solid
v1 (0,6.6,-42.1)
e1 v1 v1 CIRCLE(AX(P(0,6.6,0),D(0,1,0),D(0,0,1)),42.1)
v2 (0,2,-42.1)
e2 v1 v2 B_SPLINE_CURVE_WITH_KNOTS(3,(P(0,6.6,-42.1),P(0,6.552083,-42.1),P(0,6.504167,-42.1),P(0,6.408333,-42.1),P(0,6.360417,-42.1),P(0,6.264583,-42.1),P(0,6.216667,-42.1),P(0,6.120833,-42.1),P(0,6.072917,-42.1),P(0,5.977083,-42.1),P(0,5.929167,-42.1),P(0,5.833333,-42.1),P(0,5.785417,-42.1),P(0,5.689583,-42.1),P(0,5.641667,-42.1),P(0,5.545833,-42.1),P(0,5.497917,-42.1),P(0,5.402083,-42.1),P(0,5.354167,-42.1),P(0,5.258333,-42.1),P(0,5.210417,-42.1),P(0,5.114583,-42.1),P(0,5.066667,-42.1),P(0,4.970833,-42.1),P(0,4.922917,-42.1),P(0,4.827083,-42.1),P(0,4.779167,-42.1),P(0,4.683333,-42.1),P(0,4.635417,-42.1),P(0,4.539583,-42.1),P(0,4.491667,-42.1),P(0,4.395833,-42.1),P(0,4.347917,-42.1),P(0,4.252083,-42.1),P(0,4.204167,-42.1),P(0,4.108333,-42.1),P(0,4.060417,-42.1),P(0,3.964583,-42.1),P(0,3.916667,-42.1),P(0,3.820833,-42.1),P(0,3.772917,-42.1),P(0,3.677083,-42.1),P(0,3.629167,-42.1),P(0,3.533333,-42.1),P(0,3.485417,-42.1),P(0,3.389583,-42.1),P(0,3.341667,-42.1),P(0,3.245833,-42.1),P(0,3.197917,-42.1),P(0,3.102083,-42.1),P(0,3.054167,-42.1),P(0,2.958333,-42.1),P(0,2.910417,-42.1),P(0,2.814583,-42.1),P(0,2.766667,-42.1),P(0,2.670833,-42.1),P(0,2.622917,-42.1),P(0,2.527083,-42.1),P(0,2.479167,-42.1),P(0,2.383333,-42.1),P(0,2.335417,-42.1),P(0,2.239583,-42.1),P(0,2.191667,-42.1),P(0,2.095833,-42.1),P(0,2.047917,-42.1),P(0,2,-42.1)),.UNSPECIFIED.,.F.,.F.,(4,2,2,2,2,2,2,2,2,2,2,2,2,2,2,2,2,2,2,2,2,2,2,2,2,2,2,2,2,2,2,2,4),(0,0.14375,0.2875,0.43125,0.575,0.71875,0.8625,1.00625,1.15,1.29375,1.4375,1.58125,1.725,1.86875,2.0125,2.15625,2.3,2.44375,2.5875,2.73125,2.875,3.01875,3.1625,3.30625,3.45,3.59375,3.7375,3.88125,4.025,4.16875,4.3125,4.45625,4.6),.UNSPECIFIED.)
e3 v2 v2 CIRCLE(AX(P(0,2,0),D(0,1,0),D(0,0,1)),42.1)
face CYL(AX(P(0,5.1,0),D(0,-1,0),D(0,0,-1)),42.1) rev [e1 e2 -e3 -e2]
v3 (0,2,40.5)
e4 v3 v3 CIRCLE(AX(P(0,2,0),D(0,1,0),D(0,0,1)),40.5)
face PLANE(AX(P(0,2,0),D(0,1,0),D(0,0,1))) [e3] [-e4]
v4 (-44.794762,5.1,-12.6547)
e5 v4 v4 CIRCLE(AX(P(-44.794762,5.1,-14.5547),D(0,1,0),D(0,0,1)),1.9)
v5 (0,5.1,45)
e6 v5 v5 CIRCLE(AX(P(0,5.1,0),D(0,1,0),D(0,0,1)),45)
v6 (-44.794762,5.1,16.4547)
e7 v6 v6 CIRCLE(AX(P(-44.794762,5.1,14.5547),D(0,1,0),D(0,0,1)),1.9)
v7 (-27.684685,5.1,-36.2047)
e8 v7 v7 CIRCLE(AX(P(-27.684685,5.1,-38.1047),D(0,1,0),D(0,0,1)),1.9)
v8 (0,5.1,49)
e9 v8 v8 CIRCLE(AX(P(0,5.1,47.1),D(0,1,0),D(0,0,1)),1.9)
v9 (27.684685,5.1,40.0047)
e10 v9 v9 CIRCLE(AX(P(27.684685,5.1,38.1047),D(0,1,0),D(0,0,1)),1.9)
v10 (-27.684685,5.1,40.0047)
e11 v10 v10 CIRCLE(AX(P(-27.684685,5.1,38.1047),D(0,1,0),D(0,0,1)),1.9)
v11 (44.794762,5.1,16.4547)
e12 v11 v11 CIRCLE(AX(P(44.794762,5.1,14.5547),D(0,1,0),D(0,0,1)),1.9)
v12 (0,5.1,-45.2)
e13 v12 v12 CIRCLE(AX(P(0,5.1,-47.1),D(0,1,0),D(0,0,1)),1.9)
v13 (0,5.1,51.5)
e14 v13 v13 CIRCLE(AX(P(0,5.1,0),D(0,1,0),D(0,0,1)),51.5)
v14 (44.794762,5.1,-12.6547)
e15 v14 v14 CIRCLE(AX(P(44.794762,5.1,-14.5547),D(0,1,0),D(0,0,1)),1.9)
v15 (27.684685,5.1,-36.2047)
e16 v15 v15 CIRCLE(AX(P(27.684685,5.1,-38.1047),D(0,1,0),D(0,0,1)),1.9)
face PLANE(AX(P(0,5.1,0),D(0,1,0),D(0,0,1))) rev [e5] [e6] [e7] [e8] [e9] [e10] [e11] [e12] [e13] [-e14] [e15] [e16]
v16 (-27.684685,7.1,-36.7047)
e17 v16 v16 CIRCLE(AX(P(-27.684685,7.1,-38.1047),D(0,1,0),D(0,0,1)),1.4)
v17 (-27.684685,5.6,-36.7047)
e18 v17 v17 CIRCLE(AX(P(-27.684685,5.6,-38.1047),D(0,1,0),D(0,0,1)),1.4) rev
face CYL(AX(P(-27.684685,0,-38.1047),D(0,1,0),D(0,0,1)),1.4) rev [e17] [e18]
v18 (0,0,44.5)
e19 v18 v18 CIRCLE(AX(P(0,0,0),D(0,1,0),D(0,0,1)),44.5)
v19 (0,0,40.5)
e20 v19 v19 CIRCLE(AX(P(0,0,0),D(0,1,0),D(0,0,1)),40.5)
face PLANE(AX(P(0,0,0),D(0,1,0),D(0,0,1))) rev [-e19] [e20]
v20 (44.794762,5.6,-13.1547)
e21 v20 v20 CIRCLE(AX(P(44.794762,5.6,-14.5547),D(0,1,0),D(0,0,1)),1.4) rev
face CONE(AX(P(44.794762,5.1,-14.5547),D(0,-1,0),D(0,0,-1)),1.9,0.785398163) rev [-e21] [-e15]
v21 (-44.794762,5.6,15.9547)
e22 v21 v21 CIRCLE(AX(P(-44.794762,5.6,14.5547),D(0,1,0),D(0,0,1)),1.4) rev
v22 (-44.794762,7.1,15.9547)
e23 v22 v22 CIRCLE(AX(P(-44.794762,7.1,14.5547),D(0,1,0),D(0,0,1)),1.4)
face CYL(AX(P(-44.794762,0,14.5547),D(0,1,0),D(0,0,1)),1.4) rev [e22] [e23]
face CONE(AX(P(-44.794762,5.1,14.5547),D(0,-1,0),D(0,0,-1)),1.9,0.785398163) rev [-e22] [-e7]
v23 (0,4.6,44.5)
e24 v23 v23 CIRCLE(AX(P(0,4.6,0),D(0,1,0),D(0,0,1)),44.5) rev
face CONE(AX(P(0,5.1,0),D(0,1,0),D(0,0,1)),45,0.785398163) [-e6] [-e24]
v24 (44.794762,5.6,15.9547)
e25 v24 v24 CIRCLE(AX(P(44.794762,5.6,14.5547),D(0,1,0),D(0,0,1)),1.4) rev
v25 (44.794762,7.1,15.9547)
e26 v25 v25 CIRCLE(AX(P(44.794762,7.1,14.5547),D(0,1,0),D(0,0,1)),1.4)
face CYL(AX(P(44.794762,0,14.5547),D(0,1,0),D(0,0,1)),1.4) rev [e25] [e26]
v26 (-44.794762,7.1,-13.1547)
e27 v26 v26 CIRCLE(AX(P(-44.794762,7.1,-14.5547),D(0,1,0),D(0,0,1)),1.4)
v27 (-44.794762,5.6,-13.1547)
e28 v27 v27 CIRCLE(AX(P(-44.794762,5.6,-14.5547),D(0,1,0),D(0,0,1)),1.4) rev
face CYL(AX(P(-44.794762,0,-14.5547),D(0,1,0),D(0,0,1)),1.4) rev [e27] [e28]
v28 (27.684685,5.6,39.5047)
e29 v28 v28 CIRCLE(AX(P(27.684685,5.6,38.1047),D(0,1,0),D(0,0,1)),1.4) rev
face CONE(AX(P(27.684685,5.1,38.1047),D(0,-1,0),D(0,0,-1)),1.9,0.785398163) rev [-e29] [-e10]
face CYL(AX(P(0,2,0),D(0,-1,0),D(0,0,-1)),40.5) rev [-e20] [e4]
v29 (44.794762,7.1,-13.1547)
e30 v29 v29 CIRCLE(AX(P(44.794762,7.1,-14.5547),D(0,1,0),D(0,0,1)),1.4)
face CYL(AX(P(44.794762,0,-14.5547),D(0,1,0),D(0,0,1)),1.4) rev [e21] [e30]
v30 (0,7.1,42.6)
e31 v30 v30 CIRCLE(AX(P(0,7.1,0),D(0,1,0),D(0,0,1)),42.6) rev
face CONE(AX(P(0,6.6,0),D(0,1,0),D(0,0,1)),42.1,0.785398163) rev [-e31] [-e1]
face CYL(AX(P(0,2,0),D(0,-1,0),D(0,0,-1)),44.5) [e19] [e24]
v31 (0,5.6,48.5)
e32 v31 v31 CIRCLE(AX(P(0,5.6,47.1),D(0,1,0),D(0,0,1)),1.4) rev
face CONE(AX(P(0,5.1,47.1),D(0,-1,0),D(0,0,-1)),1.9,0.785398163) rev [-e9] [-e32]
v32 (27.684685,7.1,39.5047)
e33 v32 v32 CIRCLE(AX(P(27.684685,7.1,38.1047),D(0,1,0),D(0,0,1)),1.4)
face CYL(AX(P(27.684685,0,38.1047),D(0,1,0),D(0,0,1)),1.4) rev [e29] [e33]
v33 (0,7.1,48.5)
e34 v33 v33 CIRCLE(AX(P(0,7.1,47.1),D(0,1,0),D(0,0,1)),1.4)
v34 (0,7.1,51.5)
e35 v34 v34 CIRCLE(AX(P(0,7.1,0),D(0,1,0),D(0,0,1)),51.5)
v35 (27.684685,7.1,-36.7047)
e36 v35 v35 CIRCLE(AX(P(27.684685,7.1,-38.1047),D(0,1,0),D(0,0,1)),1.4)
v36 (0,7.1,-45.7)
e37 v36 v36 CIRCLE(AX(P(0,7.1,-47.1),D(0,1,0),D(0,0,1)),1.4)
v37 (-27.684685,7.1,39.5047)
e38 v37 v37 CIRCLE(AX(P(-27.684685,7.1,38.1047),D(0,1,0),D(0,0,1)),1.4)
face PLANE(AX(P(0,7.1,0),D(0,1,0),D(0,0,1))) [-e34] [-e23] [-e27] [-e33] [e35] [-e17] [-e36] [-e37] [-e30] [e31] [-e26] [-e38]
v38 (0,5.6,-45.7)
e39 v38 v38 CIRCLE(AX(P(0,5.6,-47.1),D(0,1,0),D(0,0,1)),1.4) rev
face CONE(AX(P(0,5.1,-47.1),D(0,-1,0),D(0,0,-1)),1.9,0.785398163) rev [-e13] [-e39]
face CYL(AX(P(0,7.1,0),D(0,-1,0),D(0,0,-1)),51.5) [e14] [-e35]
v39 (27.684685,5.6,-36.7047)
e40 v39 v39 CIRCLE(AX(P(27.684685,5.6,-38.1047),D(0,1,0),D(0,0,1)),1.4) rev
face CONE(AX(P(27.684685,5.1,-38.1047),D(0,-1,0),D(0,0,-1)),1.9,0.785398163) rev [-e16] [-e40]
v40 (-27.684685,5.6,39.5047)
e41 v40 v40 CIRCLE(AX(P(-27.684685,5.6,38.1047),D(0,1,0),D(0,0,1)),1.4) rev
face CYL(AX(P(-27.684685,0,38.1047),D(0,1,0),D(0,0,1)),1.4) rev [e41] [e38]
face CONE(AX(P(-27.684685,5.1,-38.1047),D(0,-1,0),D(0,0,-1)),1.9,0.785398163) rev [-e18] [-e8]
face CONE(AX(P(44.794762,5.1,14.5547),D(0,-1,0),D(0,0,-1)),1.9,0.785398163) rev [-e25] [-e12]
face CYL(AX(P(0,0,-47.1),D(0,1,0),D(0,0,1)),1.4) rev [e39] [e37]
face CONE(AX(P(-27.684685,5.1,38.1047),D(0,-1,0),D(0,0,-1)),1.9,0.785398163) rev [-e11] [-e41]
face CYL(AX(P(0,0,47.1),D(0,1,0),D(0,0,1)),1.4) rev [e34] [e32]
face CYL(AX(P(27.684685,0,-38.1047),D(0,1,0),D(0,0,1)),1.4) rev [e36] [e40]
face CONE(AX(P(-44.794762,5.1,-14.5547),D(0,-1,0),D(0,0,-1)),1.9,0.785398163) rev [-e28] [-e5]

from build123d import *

# Parameters (mm, degrees)
SKETCH_1_R          = 44.5
SKETCH_1_R_2        = 40.5
EXTRUDE_1_DEPTH     = 2
SKETCH_2_R          = 44.5
SKETCH_2_R_2        = 42.1
EXTRUDE_2_DEPTH     = 3.1
SKETCH_3_R          = 51.5
SKETCH_3_R_2        = 42.1
EXTRUDE_3_DEPTH     = 2
SKETCH_6_R          = 1.4
CUT_EXTRUDE_3_DEPTH = 74.177250563
CHAMFER_1_SIZE      = 0.5
CHAMFER_2_SIZE      = 0.5


with BuildPart() as part:
    # 스케치1 → 보스-돌출1 (new body)
    with BuildSketch(Plane(origin=(0, 0, 0), x_dir=(1, 0, 0), z_dir=(0, 1, 0))):
        with Locations(Location((0, 0, 0), (0, 0, 270))):
            Circle(SKETCH_1_R)
        with Locations(Location((0, 0, 0), (0, 0, 270))):
            Circle(SKETCH_1_R_2, mode=Mode.SUBTRACT)
    extrude(amount=EXTRUDE_1_DEPTH)

    # 스케치2 → 보스-돌출2 (add)
    with BuildSketch(Plane(origin=(0, 2, 0), x_dir=(1, 0, 0), z_dir=(0, 1, 0))):
        with Locations(Location((0, 0, 0), (0, 0, 270))):
            Circle(SKETCH_2_R)
        with Locations(Location((0, 0, 0), (0, 0, 90))):
            Circle(SKETCH_2_R_2, mode=Mode.SUBTRACT)
    extrude(amount=EXTRUDE_2_DEPTH)

    # 스케치3 → 보스-돌출3 (add)
    with BuildSketch(Plane(origin=(0, 5.1, 0), x_dir=(1, 0, 0), z_dir=(0, 1, 0))):
        with Locations(Location((0, 0, 0), (0, 0, 270))):
            Circle(SKETCH_3_R)
        with Locations(Location((0, 0, 0), (0, 0, 90))):
            Circle(SKETCH_3_R_2, mode=Mode.SUBTRACT)
    extrude(amount=EXTRUDE_3_DEPTH)

    # 스케치6 → 컷-돌출3 (cut, through all)
    with BuildSketch(Plane(origin=(0, 7.1, 0), x_dir=(1, 0, 0), z_dir=(0, 1, 0))):
        with Locations(Location((0, 47.1, 0), (0, 0, 270))):
            Circle(SKETCH_6_R)
        with Locations(Location((27.684685383, 38.104700435, 0), (0, 0, 270))):
            Circle(SKETCH_6_R)
        with Locations(Location((44.794761918, 14.554700435, 0), (0, 0, 270))):
            Circle(SKETCH_6_R)
        with Locations(Location((44.794761918, -14.554700435, 0), (0, 0, 270))):
            Circle(SKETCH_6_R)
        with Locations(Location((27.684685383, -38.104700435, 0), (0, 0, 270))):
            Circle(SKETCH_6_R)
        with Locations(Location((0, -47.1, 0), (0, 0, 270))):
            Circle(SKETCH_6_R)
        with Locations(Location((-27.684685383, -38.104700435, 0), (0, 0, 270))):
            Circle(SKETCH_6_R)
        with Locations(Location((-44.794761918, -14.554700435, 0), (0, 0, 270))):
            Circle(SKETCH_6_R)
        with Locations(Location((-44.794761918, 14.554700435, 0), (0, 0, 270))):
            Circle(SKETCH_6_R)
        with Locations(Location((-27.684685383, 38.104700435, 0), (0, 0, 270))):
            Circle(SKETCH_6_R)
    extrude(amount=-CUT_EXTRUDE_3_DEPTH, mode=Mode.SUBTRACT)

    # 모따기1
    chamfer_1_edges = [part.edges().sort_by_distance(p)[0] for p in [
        (0, 5.1, -48.5),
        (-27.684685383, 5.1, -39.504700435),
        (-44.794761918, 5.1, -15.954700435),
        (-44.794761918, 5.1, 13.154700435),
        (-27.684685383, 5.1, 36.704700435),
        (0, 5.1, 45.7),
        (27.684685383, 5.1, 36.704700435),
        (44.794761918, 5.1, 13.154700435),
        (44.794761918, 5.1, -15.954700435),
        (27.684685383, 5.1, -39.504700435),
    ]]
    chamfer(chamfer_1_edges, length=CHAMFER_1_SIZE)

    # 모따기2
    chamfer_2_edges = [part.edges().sort_by_distance(p)[0] for p in [
        (0, 5.1, -44.5),
        (0, 7.1, 42.1),
    ]]
    chamfer(chamfer_2_edges, length=CHAMFER_2_SIZE)


solid = part.part
